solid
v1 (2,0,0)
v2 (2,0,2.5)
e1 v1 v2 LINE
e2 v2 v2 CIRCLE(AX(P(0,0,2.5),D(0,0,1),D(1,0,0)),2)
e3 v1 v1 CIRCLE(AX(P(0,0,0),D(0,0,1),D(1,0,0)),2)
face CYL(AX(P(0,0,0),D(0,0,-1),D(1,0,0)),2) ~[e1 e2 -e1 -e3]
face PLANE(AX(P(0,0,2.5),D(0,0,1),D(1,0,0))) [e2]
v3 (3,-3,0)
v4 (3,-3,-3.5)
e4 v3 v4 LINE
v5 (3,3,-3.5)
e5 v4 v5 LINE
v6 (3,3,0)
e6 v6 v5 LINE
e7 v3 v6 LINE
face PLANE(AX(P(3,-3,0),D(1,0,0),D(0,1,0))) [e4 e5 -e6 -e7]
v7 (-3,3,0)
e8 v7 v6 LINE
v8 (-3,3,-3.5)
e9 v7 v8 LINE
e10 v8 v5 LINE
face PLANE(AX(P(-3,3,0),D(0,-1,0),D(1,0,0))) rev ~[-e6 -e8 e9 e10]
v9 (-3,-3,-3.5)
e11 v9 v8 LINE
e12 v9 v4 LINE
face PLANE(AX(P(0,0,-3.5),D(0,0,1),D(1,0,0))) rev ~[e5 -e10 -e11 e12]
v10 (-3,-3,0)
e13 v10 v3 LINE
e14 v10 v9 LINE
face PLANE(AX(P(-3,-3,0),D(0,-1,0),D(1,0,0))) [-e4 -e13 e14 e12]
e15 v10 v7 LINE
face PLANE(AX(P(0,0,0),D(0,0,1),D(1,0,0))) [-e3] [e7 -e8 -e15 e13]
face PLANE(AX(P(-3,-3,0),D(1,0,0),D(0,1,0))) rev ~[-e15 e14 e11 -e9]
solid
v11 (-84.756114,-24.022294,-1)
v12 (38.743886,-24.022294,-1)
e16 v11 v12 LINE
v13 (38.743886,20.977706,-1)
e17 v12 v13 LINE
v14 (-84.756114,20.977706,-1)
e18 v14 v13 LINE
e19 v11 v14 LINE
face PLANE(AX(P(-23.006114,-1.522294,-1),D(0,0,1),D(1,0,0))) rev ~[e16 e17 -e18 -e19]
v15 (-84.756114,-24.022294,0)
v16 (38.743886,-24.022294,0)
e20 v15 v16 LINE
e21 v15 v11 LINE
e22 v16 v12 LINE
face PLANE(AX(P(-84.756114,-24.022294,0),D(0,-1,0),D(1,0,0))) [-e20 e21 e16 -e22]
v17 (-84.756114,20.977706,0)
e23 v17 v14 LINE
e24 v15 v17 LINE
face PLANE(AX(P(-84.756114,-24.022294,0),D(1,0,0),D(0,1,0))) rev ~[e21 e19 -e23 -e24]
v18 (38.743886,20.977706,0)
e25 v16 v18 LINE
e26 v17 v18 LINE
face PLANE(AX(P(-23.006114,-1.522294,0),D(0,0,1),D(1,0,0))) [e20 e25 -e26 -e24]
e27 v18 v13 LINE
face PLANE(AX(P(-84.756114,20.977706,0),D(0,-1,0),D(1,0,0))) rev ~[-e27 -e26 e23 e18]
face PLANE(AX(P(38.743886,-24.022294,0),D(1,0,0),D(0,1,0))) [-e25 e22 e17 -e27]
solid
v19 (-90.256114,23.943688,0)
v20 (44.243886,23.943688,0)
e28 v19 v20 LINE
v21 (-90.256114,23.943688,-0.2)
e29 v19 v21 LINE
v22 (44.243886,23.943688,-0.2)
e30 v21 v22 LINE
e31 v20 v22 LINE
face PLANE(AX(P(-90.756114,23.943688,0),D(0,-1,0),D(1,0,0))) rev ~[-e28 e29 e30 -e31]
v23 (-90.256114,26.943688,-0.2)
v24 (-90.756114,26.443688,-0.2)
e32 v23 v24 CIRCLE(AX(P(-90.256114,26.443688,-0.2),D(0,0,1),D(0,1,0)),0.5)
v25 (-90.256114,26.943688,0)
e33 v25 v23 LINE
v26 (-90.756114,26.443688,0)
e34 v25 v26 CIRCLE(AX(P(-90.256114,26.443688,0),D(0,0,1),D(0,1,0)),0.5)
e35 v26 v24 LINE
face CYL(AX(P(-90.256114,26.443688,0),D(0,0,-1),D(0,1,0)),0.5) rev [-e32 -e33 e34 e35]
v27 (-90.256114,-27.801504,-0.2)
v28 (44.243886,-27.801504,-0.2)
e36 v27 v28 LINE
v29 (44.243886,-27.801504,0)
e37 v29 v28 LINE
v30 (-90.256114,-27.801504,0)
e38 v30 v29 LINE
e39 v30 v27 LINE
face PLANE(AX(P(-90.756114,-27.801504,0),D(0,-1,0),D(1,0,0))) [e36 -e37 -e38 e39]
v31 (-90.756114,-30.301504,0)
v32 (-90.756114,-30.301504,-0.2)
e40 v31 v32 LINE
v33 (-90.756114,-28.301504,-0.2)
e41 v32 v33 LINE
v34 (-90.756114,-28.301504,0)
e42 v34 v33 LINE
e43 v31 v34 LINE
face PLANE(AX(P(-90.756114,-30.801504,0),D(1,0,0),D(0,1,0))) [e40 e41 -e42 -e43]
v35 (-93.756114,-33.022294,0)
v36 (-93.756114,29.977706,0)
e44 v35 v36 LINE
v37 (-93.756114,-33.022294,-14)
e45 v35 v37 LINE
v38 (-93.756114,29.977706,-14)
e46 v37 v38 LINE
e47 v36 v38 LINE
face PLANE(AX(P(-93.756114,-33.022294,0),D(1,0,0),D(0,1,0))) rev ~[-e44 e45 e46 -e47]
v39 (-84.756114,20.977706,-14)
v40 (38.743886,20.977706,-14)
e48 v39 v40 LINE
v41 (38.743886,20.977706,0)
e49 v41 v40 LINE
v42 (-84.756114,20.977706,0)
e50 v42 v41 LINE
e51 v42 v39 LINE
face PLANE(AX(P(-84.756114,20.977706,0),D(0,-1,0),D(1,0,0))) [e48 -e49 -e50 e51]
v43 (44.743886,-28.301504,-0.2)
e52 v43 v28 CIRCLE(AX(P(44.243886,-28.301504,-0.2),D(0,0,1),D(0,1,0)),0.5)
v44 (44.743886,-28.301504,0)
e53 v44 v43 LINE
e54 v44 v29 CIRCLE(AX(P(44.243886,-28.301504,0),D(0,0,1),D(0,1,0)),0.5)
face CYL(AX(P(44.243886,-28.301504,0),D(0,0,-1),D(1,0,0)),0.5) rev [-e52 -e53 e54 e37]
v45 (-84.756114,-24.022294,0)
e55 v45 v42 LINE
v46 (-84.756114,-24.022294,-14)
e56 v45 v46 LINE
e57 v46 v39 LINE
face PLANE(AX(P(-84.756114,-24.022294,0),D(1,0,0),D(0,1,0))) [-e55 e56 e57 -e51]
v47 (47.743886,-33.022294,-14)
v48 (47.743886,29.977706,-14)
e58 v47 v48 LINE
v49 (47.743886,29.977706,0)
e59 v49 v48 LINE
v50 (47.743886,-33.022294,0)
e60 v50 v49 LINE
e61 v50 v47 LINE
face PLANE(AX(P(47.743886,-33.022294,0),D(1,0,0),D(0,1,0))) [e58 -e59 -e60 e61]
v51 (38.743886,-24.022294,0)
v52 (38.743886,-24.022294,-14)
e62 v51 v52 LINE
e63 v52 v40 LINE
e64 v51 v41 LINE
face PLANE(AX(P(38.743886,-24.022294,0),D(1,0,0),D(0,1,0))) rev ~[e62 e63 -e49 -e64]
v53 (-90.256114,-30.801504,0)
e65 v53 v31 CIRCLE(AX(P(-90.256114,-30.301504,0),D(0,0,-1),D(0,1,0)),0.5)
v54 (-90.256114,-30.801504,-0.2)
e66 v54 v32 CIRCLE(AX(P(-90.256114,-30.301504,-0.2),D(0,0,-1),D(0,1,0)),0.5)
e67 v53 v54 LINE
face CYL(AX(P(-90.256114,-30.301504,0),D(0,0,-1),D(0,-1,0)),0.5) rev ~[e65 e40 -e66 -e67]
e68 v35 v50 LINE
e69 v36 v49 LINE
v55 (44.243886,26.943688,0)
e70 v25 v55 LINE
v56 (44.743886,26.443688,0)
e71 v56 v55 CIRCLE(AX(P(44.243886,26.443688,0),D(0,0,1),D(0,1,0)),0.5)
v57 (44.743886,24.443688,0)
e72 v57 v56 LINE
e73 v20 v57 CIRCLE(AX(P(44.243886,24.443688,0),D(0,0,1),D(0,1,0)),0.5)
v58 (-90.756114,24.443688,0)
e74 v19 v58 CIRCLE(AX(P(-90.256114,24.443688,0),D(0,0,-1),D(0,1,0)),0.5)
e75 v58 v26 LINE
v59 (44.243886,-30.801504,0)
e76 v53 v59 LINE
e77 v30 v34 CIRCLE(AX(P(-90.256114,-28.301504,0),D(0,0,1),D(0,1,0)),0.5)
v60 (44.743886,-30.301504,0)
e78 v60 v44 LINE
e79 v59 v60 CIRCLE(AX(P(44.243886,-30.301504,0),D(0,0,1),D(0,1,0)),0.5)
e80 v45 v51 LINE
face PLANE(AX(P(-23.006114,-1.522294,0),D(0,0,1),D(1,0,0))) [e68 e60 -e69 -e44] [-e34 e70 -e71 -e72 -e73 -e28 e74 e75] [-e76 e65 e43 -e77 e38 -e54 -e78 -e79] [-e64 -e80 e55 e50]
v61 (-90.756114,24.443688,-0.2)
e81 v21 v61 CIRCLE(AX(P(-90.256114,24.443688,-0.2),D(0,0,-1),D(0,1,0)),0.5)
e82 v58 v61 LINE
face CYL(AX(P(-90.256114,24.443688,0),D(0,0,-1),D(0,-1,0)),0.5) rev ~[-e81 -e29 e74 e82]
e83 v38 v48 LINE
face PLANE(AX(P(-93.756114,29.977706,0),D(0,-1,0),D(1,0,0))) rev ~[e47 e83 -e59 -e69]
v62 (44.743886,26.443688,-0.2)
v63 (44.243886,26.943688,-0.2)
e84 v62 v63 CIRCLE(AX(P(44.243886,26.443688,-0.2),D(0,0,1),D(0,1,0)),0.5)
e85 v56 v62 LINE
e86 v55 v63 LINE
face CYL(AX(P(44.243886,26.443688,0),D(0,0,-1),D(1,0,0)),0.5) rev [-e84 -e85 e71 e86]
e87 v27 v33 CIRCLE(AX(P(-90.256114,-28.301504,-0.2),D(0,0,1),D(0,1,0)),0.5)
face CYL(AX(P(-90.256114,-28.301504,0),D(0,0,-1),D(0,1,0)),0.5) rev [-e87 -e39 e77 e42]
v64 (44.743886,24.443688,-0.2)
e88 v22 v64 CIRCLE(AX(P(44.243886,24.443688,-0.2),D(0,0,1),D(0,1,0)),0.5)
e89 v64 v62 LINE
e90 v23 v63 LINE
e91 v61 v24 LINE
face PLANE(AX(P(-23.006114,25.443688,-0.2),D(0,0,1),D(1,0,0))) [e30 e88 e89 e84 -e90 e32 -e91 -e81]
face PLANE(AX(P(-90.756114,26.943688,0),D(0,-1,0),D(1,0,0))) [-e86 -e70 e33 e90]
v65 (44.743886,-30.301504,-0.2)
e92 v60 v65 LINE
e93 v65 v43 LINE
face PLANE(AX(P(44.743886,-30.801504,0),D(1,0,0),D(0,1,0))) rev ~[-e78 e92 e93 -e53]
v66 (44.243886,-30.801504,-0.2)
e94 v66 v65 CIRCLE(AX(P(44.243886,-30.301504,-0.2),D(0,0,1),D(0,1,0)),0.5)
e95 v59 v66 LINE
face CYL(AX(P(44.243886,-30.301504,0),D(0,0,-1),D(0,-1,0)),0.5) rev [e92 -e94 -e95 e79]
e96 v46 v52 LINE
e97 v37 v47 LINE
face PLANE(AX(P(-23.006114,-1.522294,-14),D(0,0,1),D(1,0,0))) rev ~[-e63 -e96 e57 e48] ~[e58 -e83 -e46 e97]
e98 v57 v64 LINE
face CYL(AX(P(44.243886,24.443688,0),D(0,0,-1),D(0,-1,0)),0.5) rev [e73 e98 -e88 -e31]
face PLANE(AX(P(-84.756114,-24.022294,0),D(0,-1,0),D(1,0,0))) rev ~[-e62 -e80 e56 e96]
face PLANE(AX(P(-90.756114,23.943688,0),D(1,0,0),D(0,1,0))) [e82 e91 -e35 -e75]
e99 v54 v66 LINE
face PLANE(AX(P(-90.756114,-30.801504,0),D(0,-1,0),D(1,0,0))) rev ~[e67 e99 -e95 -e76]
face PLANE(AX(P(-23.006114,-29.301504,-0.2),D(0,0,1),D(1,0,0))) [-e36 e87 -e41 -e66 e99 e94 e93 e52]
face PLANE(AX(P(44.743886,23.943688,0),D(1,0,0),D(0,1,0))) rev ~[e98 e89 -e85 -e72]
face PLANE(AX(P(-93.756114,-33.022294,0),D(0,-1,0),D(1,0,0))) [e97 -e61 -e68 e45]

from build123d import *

# Parameters (mm, degrees)
F0_W      = 6
F0_H      = 6
F1_DEPTH  = 3.5
F2_R      = 2
F3_DEPTH  = 2.5
F4_W      = 123.5
F4_H      = 45
F5_DEPTH  = 14
F6_W      = 141.5
F6_H      = 63
F6_W_2    = 123.5
F6_H_2    = 45
F7_DEPTH  = 14
F8_DEPTH  = 14
F9_DEPTH  = 1
F10_W     = 135.5
F10_H     = 3
F11_DEPTH = 0.2
F12_R     = 0.5


with BuildPart() as f1:
    # F0 (on Top) → F1 (new body)
    with BuildSketch(Plane.XY):
        Rectangle(F0_W, F0_H)
    extrude(amount=-F1_DEPTH)

    # F2 (on face) → F3 (join)
    with BuildSketch(Plane.XY):
        Circle(F2_R)
    extrude(amount=F3_DEPTH)


with BuildPart() as f5:
    # F4 (on Top) → F5 (new body)
    with BuildSketch(Plane.XY):
        with Locations((-23.006114117, -1.52229378)):
            Rectangle(F4_W, F4_H)
    extrude(amount=-F5_DEPTH)

    # F6 (on face) → F7 (join)
    with BuildSketch(Plane.XY):
        with Locations((-23.006114117, -1.52229378)):
            Rectangle(F6_W, F6_H)
        with Locations((-23.006114117, -1.52229378)):
            Rectangle(F6_W_2, F6_H_2, mode=Mode.SUBTRACT)
    extrude(amount=-F7_DEPTH)

    # F2 (on face) + F4 (on Top) → F8 (cut)
    with BuildSketch(Plane.XY):
        Circle(F2_R)
    with BuildSketch(Plane.XY):
        with Locations((-23.006114117, -1.52229378)):
            Rectangle(F4_W, F4_H)
    extrude(amount=-F8_DEPTH, mode=Mode.SUBTRACT)

    # F10 (on face) → F11 (cut)
    with BuildSketch(Plane.XY):
        with Locations((-23.006114117, 25.443688035)):
            Rectangle(F10_W, F10_H)
        with Locations((-23.006114117, -29.3015043586)):
            Rectangle(F10_W, F10_H)
    extrude(amount=-F11_DEPTH, mode=Mode.SUBTRACT)

    # F12
    f12_edges = [f5.edges().sort_by_distance(p)[0] for p in [
        (-90.756114, 26.943688, -0.1),
        (-90.756114, 23.943688, -0.1),
        (44.743886, 23.943688, -0.1),
        (44.743886, 26.943688, -0.1),
        (-90.756114, -27.801504, -0.1),
        (-90.756114, -30.801504, -0.1),
        (44.743886, -27.801504, -0.1),
        (44.743886, -30.801504, -0.1),
    ]]
    fillet(f12_edges, radius=F12_R)


with BuildPart() as f9:
    # F4 (on Top) → F9 (new body)
    with BuildSketch(Plane.XY):
        with Locations((-23.006114117, -1.52229378)):
            Rectangle(F4_W, F4_H)
    extrude(amount=-F9_DEPTH)


solid = Compound([f1.part, f5.part, f9.part])
